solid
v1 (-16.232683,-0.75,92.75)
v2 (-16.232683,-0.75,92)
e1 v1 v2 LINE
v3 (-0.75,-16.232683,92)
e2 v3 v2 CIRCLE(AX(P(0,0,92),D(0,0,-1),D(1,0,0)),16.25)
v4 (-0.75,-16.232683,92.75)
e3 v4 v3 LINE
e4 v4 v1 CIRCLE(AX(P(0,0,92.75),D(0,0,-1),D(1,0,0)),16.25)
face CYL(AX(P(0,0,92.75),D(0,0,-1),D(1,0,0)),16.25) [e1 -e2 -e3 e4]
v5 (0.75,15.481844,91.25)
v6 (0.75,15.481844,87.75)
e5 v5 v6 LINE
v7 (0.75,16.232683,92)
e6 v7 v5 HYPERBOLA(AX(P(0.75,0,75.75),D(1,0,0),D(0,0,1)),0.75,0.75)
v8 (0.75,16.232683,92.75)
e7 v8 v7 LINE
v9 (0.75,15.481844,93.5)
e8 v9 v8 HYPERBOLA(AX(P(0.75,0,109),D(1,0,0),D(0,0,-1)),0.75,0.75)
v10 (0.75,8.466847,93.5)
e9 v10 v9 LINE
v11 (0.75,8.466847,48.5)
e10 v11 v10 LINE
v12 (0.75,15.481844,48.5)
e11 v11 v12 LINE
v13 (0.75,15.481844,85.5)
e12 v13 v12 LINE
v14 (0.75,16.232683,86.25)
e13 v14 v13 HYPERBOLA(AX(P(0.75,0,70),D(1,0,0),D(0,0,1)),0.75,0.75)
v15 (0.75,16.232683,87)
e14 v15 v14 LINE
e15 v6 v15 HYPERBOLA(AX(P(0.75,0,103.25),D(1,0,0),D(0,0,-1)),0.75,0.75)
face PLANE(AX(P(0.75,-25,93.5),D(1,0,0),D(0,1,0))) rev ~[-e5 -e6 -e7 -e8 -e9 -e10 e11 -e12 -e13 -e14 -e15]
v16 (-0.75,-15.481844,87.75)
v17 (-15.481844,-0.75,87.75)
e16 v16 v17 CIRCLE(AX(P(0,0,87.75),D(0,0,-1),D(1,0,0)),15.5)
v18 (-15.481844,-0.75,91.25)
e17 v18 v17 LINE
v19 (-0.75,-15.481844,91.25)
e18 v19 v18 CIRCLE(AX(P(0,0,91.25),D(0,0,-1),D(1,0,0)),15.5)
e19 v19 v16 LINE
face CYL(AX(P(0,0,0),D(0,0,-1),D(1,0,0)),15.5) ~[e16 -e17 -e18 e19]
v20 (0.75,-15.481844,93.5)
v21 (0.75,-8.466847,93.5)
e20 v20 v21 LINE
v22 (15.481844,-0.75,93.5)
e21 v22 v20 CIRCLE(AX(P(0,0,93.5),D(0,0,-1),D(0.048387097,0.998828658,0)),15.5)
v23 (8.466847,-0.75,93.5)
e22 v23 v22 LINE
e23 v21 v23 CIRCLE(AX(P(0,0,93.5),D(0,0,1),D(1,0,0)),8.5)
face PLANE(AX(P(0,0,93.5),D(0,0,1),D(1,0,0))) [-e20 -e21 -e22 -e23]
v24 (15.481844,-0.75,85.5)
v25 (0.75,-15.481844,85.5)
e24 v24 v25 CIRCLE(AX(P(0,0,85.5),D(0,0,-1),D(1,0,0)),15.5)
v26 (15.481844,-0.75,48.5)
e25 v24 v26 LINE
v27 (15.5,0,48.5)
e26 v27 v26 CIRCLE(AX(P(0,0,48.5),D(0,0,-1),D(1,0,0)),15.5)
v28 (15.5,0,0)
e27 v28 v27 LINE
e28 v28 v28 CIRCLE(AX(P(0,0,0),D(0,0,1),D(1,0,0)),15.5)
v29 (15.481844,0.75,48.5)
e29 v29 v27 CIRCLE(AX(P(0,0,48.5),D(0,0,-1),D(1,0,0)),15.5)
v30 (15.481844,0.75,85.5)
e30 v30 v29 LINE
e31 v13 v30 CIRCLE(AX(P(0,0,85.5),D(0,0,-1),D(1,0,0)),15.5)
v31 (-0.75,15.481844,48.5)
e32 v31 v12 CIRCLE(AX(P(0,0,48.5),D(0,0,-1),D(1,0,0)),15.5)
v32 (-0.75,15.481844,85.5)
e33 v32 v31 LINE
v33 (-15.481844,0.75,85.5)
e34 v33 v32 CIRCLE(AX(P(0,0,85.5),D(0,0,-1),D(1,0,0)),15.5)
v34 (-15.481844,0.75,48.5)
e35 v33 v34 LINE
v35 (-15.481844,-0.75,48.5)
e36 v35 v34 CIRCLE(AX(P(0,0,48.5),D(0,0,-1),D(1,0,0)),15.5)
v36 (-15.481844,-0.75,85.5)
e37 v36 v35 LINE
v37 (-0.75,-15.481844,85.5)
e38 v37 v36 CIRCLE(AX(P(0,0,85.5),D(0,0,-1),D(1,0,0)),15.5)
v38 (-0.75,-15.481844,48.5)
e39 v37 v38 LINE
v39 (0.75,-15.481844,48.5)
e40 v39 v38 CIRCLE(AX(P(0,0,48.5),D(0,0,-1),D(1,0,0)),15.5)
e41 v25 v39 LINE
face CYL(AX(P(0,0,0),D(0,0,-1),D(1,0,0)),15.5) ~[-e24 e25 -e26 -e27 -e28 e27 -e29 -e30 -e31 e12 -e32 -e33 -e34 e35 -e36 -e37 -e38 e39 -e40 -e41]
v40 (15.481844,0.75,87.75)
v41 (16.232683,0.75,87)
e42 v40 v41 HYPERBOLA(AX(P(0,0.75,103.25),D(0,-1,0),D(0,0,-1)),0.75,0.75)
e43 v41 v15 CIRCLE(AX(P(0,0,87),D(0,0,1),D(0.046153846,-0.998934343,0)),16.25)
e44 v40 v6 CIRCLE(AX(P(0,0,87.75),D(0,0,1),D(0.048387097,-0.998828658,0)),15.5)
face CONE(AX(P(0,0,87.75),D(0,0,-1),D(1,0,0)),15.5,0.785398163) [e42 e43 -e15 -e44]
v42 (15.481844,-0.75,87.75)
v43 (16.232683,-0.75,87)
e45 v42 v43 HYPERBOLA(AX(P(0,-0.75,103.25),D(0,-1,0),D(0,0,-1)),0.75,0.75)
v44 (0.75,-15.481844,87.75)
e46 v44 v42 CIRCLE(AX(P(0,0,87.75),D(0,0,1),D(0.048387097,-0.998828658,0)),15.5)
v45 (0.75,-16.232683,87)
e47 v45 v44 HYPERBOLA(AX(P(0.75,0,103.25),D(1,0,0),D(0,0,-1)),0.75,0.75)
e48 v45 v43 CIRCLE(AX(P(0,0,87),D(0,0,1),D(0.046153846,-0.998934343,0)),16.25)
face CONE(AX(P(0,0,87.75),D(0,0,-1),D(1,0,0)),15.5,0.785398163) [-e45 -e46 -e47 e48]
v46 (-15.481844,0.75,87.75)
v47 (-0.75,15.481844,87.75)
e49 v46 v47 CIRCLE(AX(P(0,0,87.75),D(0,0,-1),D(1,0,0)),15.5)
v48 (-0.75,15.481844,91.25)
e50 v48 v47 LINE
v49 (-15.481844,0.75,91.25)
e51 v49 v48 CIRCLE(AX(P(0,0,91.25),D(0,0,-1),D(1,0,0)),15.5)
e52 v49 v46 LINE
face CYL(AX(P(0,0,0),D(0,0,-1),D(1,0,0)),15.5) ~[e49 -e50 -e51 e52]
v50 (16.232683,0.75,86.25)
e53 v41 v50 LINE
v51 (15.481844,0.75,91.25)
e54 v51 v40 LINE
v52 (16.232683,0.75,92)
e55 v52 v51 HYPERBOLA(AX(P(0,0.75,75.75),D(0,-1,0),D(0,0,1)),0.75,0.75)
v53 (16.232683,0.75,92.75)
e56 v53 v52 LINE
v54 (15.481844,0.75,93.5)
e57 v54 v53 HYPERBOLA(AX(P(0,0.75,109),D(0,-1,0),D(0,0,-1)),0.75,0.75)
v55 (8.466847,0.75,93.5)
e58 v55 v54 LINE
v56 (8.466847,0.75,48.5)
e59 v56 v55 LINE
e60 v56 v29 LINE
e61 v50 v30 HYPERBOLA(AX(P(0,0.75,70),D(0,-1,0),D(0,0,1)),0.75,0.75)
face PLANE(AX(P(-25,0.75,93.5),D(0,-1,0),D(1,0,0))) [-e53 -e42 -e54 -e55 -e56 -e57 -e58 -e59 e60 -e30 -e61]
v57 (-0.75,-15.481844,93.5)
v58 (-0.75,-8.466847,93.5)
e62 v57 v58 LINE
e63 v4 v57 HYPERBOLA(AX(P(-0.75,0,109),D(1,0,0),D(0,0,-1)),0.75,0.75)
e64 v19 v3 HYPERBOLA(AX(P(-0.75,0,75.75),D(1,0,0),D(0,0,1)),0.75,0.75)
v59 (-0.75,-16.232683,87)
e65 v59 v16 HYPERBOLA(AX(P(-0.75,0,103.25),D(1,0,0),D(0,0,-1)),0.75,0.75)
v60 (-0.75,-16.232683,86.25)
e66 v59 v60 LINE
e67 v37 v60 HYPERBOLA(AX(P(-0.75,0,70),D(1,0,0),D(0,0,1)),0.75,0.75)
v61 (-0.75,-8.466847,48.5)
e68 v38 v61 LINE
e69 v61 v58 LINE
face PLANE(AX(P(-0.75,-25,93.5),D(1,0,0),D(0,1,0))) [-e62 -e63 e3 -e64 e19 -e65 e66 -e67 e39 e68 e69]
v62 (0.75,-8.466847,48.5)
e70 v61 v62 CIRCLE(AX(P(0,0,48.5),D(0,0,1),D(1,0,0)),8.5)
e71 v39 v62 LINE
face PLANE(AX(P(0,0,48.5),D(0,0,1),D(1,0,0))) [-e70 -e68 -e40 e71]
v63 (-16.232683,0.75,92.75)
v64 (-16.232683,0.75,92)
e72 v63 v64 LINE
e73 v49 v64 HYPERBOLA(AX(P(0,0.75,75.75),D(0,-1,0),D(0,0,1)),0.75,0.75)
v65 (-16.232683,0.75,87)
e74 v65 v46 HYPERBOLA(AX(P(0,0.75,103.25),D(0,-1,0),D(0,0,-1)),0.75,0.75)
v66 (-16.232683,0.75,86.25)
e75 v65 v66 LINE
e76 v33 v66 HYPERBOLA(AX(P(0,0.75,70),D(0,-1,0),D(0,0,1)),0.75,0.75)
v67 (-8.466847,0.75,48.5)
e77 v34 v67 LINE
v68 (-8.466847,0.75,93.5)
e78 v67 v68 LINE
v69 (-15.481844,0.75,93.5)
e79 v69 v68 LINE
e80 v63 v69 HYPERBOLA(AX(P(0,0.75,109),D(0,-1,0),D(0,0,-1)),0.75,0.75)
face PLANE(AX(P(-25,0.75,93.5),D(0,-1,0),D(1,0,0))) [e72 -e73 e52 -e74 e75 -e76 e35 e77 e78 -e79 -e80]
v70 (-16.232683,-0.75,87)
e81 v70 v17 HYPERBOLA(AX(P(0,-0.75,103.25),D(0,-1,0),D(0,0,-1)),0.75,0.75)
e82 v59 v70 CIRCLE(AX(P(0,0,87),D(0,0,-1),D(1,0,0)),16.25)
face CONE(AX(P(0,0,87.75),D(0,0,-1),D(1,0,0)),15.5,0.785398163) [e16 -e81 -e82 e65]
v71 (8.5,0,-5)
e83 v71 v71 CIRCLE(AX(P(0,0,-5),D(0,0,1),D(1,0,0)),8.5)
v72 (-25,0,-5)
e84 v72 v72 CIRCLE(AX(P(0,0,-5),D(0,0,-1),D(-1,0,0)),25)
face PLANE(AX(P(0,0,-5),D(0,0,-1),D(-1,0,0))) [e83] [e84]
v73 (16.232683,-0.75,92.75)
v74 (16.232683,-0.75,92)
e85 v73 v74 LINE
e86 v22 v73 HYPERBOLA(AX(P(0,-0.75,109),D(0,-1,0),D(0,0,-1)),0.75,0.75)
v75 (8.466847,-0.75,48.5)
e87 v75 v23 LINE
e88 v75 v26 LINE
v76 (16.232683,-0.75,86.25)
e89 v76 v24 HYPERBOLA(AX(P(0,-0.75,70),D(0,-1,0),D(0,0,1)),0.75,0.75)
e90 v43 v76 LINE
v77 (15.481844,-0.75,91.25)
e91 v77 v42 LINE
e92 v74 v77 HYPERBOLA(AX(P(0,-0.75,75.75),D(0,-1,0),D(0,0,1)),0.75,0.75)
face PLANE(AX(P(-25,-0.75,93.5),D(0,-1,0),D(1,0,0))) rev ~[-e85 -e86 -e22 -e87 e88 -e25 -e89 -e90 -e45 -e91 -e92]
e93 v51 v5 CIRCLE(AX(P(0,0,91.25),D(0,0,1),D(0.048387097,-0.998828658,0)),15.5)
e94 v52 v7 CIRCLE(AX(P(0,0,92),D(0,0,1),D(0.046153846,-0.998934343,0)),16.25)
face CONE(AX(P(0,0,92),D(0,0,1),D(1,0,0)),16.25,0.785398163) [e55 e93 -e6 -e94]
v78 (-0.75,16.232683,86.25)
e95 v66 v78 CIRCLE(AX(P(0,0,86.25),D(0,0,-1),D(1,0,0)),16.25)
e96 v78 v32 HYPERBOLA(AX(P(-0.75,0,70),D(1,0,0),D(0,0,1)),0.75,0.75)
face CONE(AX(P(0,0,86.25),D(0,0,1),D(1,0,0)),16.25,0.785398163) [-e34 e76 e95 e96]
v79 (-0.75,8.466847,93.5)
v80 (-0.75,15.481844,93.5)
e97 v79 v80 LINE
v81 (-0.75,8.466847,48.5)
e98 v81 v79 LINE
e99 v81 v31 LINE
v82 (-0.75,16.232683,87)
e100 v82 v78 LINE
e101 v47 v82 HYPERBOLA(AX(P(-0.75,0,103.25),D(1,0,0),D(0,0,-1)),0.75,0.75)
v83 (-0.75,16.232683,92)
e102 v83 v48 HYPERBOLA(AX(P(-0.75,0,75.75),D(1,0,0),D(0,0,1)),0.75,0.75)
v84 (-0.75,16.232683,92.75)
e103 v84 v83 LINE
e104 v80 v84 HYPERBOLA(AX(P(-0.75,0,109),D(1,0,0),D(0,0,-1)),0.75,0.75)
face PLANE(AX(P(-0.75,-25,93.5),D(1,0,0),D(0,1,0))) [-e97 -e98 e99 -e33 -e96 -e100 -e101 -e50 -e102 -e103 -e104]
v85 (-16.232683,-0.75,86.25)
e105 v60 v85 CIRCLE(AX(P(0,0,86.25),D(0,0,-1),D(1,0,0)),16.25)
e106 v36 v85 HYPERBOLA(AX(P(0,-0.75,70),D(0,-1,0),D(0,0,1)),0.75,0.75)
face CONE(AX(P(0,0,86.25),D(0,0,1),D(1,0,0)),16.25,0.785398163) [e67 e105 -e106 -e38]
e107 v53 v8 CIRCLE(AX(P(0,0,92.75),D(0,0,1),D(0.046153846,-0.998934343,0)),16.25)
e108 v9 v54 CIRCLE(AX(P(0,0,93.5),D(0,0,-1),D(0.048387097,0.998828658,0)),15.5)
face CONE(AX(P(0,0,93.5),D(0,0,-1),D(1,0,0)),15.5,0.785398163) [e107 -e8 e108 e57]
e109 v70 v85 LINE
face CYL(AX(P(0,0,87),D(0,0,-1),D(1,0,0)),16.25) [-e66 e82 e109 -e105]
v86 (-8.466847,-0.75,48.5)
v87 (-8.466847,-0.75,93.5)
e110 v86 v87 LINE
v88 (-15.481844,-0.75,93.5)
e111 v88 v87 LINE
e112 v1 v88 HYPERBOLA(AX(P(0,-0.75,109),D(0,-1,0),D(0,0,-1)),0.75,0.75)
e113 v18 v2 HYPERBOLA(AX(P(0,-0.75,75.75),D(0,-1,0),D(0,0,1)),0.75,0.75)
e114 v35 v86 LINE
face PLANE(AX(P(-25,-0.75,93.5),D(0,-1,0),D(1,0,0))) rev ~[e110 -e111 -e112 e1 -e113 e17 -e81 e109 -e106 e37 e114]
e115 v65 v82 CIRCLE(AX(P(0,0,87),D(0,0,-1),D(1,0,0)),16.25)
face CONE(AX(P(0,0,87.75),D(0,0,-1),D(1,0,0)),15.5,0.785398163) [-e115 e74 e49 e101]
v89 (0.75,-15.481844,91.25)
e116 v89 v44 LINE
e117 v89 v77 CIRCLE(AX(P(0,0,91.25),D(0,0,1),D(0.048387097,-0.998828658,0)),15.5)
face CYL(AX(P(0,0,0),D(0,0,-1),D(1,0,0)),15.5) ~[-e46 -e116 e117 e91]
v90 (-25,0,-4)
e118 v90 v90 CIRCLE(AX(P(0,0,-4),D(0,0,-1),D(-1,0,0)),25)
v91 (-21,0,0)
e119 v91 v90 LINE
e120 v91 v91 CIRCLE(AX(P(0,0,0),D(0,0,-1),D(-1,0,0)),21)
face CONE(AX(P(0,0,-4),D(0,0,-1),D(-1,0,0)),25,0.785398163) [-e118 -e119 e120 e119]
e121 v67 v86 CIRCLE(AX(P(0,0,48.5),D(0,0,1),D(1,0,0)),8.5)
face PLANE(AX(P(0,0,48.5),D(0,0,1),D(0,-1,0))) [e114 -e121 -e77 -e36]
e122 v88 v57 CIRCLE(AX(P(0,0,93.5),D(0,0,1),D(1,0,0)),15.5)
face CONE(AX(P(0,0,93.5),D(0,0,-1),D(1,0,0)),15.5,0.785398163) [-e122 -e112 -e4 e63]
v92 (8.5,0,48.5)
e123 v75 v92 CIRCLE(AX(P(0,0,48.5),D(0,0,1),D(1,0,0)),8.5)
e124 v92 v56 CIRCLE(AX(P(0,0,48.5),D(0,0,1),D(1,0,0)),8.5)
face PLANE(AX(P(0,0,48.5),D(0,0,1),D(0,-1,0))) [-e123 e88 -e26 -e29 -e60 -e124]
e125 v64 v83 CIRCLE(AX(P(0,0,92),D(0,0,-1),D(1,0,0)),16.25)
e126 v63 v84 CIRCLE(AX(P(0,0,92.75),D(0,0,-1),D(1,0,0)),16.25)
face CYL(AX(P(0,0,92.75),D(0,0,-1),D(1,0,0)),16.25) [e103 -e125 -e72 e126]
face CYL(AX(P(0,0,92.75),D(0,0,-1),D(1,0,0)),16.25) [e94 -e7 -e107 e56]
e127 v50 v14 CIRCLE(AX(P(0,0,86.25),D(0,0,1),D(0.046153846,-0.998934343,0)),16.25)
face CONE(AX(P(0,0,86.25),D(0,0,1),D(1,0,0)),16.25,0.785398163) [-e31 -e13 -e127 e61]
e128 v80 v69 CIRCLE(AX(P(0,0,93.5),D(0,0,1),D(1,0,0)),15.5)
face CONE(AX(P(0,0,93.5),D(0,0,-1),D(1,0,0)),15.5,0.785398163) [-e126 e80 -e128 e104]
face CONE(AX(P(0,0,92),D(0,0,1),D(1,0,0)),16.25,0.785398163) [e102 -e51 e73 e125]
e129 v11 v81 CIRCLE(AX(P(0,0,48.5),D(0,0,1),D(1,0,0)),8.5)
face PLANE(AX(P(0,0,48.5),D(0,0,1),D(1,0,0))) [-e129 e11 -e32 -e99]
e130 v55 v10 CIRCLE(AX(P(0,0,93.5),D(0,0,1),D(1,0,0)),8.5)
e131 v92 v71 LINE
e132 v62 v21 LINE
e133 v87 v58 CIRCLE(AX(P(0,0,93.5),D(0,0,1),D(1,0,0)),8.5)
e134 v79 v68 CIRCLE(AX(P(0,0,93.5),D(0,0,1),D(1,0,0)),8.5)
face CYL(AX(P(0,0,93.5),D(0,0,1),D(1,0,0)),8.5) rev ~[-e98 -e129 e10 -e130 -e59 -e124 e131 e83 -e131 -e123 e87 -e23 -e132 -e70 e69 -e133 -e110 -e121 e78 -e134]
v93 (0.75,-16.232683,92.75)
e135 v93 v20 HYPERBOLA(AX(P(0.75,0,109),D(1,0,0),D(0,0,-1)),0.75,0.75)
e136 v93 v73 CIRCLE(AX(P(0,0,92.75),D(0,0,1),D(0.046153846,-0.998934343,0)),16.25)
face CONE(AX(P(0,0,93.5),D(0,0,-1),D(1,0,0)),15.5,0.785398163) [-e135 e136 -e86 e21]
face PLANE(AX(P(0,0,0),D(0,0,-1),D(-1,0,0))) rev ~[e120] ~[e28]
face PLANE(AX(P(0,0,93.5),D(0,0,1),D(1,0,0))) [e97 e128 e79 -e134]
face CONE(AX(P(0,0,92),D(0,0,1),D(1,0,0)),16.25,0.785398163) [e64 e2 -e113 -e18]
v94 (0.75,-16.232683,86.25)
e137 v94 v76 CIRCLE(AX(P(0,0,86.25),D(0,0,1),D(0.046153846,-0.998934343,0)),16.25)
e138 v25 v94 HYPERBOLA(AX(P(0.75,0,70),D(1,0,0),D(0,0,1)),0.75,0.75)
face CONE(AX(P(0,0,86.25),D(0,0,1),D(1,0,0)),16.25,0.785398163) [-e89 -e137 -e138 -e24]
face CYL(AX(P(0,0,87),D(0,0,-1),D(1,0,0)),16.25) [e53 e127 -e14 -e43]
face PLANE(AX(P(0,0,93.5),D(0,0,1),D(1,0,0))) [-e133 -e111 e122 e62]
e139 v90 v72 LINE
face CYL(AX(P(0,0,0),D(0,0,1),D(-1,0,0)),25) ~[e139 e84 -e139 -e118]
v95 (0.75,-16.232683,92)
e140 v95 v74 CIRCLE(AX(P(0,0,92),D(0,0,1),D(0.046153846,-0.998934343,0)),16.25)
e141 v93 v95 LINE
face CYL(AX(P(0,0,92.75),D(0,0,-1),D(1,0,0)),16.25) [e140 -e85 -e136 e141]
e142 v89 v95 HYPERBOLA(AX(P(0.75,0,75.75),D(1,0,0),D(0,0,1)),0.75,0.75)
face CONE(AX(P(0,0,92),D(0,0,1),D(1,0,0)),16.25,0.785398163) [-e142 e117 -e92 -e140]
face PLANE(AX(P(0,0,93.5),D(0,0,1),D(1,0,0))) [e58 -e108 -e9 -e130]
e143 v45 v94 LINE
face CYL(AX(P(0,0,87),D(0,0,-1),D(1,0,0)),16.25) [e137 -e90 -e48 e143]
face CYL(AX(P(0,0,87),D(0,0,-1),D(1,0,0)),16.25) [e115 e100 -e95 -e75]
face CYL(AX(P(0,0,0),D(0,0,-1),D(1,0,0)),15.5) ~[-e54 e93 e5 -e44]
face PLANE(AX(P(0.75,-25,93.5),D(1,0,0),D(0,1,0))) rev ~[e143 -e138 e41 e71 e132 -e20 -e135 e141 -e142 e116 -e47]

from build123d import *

# Parameters (mm, degrees)
AXLE_BASE_SKETCH_R        = 15.5
AXLE_DEPTH                = 93.5
GUARD_BASE_R              = 25
GUARD_DEPTH               = 5
INNER_AXLE_HOLE_BASE_R    = 8.5
INNER_AXLE_HOLE_DEPTH     = 99.5
BEND_ROOM_BASE_W          = 1.5
BEND_ROOM_BASE_H          = 50
BEND_ROOM_1_DEPTH         = 45
BEND_ROOM_2_COUNT         = 2
BEND_ROOM_2_ANGLE         = 90
EASY_REMOVAL_CHAMFER_SIZE = 4


with BuildPart() as part:
    # Axle base sketch → Axle (new body)
    with BuildSketch(Plane.XY):
        Circle(AXLE_BASE_SKETCH_R)
    extrude(amount=AXLE_DEPTH)

    # Guard base → Guard (add)
    with BuildSketch(Plane(origin=(0, 0, 0), x_dir=(-1, 0, 0), z_dir=(0, 0, -1))):
        Circle(GUARD_BASE_R)
    extrude(amount=GUARD_DEPTH)

    # Inner axle hole base → Inner axle hole (cut, through all)
    with BuildSketch(Plane.XY.offset(93.5)):
        Circle(INNER_AXLE_HOLE_BASE_R)
    extrude(amount=-INNER_AXLE_HOLE_DEPTH, mode=Mode.SUBTRACT)

    # Mate ring base → Mate rings (revolve)
    with BuildSketch(Plane(origin=(0, 0, 0), x_dir=(1, 0, 0), z_dir=(0, 1, 0))):
        Polygon((15.5, -93.5), (16.25, -92.75), (16.25, -92), (15.5, -91.25), align=None)
        Polygon((15.5, -87.75), (16.25, -87), (16.25, -86.25), (15.5, -85.5), align=None)
    revolve(axis=Axis((0, 0, 0), (0, 0, -1)))

    # Bend room base → Bend room 1 (cut)
    with BuildSketch(Plane.XY.offset(93.5)):
        Rectangle(BEND_ROOM_BASE_W, BEND_ROOM_BASE_H)
    bend_room_1 = extrude(amount=-BEND_ROOM_1_DEPTH, mode=Mode.SUBTRACT)

    # Bend room 2: Bend room 1 ×2 about axis
    bend_room_2_axis = Axis((0, 0, 0), (0, 0, -1))
    for i in range(1, BEND_ROOM_2_COUNT):
        add(bend_room_1.rotate(bend_room_2_axis, i * BEND_ROOM_2_ANGLE / (BEND_ROOM_2_COUNT - 1)), mode=Mode.SUBTRACT)

    # Easy removal chamfer
    easy_removal_chamfer_edges = [part.edges().sort_by_distance(p)[0] for p in [
        (25, 0, 0),
    ]]
    chamfer(easy_removal_chamfer_edges, length=EASY_REMOVAL_CHAMFER_SIZE)


solid = part.part
